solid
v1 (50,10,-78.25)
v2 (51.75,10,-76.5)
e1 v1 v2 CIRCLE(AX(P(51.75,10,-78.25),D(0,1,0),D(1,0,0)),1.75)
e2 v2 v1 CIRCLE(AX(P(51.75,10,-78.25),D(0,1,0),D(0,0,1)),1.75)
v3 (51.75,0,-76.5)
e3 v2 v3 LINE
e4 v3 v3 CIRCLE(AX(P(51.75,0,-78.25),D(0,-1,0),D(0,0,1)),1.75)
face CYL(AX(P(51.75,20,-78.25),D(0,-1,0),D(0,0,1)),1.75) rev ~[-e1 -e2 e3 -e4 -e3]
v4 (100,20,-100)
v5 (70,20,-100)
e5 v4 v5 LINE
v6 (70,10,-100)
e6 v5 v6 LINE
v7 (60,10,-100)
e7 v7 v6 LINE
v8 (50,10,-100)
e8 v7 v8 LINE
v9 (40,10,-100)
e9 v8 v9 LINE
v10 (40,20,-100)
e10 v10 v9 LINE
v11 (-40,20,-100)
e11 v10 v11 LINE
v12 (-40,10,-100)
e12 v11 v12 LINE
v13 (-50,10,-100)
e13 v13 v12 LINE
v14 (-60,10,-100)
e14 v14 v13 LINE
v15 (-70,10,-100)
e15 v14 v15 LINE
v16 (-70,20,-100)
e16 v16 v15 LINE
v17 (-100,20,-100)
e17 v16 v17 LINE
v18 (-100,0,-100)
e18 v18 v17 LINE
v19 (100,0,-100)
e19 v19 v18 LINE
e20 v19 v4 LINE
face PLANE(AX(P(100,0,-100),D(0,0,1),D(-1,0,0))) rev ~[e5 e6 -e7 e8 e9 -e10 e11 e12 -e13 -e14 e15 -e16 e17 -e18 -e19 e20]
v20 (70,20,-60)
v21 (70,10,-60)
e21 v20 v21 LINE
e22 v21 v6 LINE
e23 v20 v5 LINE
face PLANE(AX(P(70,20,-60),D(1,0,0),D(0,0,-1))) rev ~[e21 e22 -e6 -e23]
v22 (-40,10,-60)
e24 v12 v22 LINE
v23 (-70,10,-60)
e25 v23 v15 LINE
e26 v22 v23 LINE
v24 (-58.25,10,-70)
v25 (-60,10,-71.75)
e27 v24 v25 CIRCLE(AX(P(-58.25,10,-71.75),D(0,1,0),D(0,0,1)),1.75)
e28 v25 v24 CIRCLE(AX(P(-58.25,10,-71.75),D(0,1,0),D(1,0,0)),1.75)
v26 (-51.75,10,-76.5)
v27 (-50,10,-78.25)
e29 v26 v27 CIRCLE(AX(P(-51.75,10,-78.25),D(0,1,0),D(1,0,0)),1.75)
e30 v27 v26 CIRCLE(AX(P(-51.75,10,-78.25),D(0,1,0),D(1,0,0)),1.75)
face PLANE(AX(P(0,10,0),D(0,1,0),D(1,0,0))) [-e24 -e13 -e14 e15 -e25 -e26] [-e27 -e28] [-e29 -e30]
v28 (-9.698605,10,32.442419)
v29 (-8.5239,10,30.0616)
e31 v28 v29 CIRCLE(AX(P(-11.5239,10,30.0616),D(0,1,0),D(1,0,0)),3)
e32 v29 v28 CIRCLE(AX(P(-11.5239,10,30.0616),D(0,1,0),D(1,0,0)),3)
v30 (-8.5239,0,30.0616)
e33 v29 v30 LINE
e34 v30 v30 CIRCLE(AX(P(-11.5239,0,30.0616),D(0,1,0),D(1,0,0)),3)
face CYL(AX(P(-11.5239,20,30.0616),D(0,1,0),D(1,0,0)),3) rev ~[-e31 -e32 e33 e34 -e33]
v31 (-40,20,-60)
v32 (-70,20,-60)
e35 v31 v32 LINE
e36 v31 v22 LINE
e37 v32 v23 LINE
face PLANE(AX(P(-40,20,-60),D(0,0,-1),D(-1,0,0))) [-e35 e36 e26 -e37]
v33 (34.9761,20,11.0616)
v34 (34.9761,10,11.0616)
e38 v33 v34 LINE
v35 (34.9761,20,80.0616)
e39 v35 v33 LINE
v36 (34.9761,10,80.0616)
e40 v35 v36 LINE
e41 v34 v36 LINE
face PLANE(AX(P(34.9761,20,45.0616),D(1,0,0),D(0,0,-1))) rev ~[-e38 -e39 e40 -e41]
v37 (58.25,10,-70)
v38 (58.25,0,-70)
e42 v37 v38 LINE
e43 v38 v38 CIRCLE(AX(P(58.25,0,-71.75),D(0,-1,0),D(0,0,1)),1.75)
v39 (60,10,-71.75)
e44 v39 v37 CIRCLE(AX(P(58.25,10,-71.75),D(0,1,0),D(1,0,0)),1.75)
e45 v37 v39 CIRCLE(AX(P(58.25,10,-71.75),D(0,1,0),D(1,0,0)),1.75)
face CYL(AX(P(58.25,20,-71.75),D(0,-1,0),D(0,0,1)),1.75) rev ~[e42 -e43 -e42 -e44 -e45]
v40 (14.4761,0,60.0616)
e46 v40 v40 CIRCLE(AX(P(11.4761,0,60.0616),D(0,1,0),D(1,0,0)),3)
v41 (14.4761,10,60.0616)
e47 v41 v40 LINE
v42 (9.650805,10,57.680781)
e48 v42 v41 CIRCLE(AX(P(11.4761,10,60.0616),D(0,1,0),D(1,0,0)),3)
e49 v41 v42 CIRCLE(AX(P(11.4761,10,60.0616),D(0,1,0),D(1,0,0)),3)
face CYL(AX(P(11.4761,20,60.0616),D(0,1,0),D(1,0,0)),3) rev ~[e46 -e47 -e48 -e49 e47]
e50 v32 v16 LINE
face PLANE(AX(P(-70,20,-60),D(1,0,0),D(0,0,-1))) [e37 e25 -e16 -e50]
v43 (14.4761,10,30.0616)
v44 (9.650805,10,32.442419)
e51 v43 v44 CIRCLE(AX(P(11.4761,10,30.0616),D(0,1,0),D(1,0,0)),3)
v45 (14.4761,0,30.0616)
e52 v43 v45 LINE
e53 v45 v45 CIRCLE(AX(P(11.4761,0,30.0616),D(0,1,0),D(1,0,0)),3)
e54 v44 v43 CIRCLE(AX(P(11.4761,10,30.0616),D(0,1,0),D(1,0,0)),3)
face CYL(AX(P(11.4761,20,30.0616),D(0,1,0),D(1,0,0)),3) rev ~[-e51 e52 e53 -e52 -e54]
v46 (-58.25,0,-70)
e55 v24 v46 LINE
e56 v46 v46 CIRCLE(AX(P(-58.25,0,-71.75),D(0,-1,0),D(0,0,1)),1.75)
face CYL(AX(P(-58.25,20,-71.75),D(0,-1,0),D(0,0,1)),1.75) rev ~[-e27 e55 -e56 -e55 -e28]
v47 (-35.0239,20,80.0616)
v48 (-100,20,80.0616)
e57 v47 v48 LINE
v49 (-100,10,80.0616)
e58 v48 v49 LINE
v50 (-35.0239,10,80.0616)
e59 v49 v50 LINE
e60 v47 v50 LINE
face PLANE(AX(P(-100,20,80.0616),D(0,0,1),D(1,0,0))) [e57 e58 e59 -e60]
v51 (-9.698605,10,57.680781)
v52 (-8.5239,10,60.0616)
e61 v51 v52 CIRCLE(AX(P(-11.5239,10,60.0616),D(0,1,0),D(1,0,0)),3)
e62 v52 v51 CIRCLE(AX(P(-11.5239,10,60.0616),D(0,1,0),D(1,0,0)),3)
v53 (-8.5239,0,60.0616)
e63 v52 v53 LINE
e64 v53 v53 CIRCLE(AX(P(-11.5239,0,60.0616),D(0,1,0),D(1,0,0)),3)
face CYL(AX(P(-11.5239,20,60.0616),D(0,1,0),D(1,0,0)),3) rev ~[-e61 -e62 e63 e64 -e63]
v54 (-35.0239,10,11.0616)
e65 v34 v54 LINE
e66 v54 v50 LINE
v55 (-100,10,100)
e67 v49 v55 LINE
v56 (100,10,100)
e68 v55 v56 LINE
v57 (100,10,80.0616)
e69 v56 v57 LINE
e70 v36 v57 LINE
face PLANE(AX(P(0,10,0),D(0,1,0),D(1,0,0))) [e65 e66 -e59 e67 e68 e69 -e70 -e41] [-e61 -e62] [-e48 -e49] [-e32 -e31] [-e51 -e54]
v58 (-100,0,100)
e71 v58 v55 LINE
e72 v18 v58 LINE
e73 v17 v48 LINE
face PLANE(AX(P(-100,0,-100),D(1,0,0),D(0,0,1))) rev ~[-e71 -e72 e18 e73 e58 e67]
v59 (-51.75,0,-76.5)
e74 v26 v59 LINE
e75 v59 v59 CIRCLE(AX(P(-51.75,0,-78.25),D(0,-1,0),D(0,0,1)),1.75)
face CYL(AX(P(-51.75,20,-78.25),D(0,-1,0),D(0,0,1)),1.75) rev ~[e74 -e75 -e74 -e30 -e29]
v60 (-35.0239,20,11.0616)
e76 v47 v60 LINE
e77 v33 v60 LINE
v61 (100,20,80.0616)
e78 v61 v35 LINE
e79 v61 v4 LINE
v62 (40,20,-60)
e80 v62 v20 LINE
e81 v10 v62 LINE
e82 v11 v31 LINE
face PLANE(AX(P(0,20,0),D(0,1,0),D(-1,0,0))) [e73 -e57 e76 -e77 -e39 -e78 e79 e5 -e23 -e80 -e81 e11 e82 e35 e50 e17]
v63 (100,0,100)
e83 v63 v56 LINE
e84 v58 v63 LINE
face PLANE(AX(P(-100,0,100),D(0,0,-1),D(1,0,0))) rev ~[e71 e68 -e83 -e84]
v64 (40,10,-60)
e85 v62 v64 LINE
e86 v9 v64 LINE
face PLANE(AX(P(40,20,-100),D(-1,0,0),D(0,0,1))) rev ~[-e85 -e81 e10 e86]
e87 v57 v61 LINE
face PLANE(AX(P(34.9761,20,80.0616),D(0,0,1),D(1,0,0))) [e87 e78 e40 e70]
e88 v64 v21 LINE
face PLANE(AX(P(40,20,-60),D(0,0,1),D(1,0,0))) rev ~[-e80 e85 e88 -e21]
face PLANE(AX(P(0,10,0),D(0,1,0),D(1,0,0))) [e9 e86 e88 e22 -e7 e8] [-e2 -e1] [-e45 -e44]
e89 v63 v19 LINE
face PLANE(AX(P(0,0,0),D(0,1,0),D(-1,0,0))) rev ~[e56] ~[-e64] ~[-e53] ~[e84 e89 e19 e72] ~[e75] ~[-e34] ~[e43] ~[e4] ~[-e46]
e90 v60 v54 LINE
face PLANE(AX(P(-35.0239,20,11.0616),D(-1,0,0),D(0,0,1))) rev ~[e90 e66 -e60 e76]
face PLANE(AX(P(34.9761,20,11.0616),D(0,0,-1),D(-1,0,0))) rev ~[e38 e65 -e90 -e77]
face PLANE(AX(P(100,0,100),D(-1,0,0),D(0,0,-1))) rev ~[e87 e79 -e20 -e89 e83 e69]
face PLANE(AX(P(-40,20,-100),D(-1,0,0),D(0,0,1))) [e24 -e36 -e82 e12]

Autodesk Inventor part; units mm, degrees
ref_plane "YZ Plane" through (0, 0, 0) normal (1, 0, 0) x (0, 1, 0)
ref_plane "XZ Plane" through (0, 0, 0) normal (0, 1, 0) x (-1, 0, 0)
ref_plane "XY Plane" through (0, 0, 0) normal (0, 0, 1) x (1, 0, 0)
sketch "Boceto1" plane through (0, 0, 0) normal (0, 1, 0) x (-1, 0, 0)
  line L0 (100, 100) -> (-100, 100)
  line L1 (-100, 100) -> (-100, -100)
  line L2 (-100, -100) -> (100, -100)
  line L3 (100, -100) -> (100, 100)
  line L4 (100, 100) -> (-100, -100) construction
  line L5 (-100, 100) -> (100, -100) construction
  point P0 (0, 0)
  dimension "d0" = 200
  dimension "d1" = 200
extrude "Extrusión1" add sketch "Boceto1" along normal blind 20
sketch "Boceto2" plane through (0, 20, 0) normal (0, 1, 0) x (1, 0, 0)
  circle A0 centre (-11.5239, -30.0616) radius 3
  circle A1 centre (11.4761, -30.0616) radius 3
  circle A2 centre (-11.5239, -60.0616) radius 3
  circle A3 centre (11.4761, -60.0616) radius 3
  line L0 (-0.0239, -45.0616) -> (-35.0239, -45.0616)
  line L1 (-35.0239, -45.0616) -> (-35.0239, -80.0616)
  line L2 (-0.0239, -45.0616) -> (34.9761, -45.0616)
  line L3 (-11.5239, -30.0616) -> (11.4761, -60.0616)
  line L4 (-11.5239, -60.0616) -> (11.4761, -30.0616)
  line L5 (34.9761, -11.0616) -> (-35.0239, -11.0616)
  line L6 (-35.0239, -11.0616) -> (-35.0239, -80.0616)
  line L7 (34.9761, -80.0616) -> (34.9761, -11.0616)
  line L8 (-105, -100.0616) -> (105, -100.0616)
  line L9 (-105.0239, -80.0616) -> (104.9761, -80.0616)
  line L10 (-35.0239, -80.0616) -> (34.9761, -80.0616)
  line L11 (105, -100.0616) -> (95.8154, -100.0616)
  line L12 (-105.0239, -80.0616) -> (104.9761, -80.0616)
  line L13 (105, -80.0616) -> (-105, -80.0616)
  line L14 (-105, -100.0616) -> (105, -100.0616)
  line L15 (105, -90.0616) -> (94.0798, -90.0616)
  line L16 (-105, -100.0616) -> (105, -100.0616)
  line L17 (-105, -80.0616) -> (105, -80.0616)
  line L18 (105, -80.0616) -> (105, -100.0616)
  line L19 (105, -100.0616) -> (-105, -100.0616)
  line L20 (-105, -100.0616) -> (-105, -80.0616)
  line L21 (-100, 100) -> (-100, -100) projected
  line L22 (-100, -100) -> (100.4077, -100)
  point P0 (0, 0)
  point P1 (0, -10.0616)
  point P2 (0, -90.0616)
  point P3 (-0.0478, -80.0616)
  dimension "d4" = 20
  dimension "d5" = 20
  dimension "d6" = 30
  dimension "d7" = 30
  dimension "d8" = 20
  dimension "d9" = 35
  dimension "d10" = 35
  dimension "d11" = 69
extrude "Extrusión2" cut sketch "Boceto2" against normal blind 10
sketch "Boceto3" plane through (0, 20, 0) normal (0, 1, 0) x (1, 0, 0)
  circle A0 centre (-11.5239, -30.0616) radius 3 projected
  circle A1 centre (-11.5239, -30.0616) radius 3
  circle A2 centre (11.4761, -30.0616) radius 3 projected
  circle A3 centre (11.4761, -30.0616) radius 3
  circle A4 centre (11.4761, -60.0616) radius 3 projected
  circle A5 centre (11.4761, -60.0616) radius 3
  circle A6 centre (-11.5239, -60.0616) radius 3
  point P0 (0, 0)
extrude "Extrusión3" cut sketch "Boceto3" against normal blind 20
sketch "Boceto4" plane through (0, 20, 0) normal (0, 1, 0) x (1, 0, 0)
  circle A0 centre (-51.75, 78.25) radius 1.75
  line L0 (-50, 70) -> (-60, 70)
  line L1 (-60, 70) -> (-60, 80)
  line L2 (-60, 80) -> (-50, 80)
  line L3 (-50, 80) -> (-50, 70)
  line L4 (-50, 70) -> (-60, 80) construction
  line L5 (-60, 70) -> (-50, 80) construction
  line L6 (-105, 90) -> (-105, -90)
  circle A1 centre (-58.25, 71.75) radius 1.75
  line L7 (0, 90) -> (0, 77.3124)
  circle A2 centre (51.75, 78.25) radius 1.75
  line L8 (50, 70) -> (60, 70)
  line L9 (60, 70) -> (60, 80)
  line L10 (60, 80) -> (50, 80)
  line L11 (50, 80) -> (50, 70)
  line L12 (50, 70) -> (60, 80) construction
  line L13 (60, 70) -> (50, 80) construction
  circle A3 centre (58.25, 71.75) radius 1.75
  line L14 (100, 100) -> (-100, 100) projected
  line L15 (-100, 100) -> (-100, -80.0616) projected
  line L16 (100, -80.0616) -> (100, 100) projected
  point P0 (0, 0)
  point P1 (0, 0)
  point P2 (-60, 75)
  point P3 (60, 75)
  dimension "d16" = 3.5
  dimension "d18" = 1.75
  dimension "d19" = 1.75
  dimension "d20" = 1.75
  dimension "d21" = 1.75
  dimension "d22" = 10
  dimension "d23" = 10
  dimension "d25" = 20
  dimension "d26" = 40
  dimension "d27" = 40
hole "Agujero1" at (-58.25, 20, -71.75) at (-51.75, 20, -78.25) at (58.25, 20, -71.75) at (51.75, 20, -78.25) direction (0, -1, 0) diameter 3.5 end through all
sketch "Boceto5" plane through (0, 20, 0) normal (0, 1, 0) x (1, 0, 0)
  line L0 (0, 90) -> (0, 68.25)
  circle A0 centre (-51.75, 78.25) radius 1.75 projected
  line L1 (-50, 78.25) -> (-50, 100)
  circle A1 centre (-58.25, 71.75) radius 1.75 projected
  line L2 (-60, 71.75) -> (-60, 100)
  line L3 (-60, 100) -> (-70, 100)
  line L4 (-50, 100) -> (-40, 100)
  line L5 (-40, 100) -> (-40, 60)
  line L6 (-40, 60) -> (-70, 60)
  line L7 (-70, 60) -> (-70, 100)
  line L8 (-70, 100) -> (-40, 100)
  circle A2 centre (51.75, 78.25) radius 1.75
  line L9 (50, 78.25) -> (50, 100)
  circle A3 centre (58.25, 71.75) radius 1.75
  line L10 (60, 71.75) -> (60, 100)
  line L11 (60, 100) -> (70, 100)
  line L12 (50, 100) -> (40, 100)
  line L13 (40, 100) -> (40, 60)
  line L14 (40, 60) -> (70, 60)
  line L15 (70, 60) -> (70, 100)
  line L16 (70, 100) -> (40, 100)
  point P0 (0, 0)
  dimension "d38" = 10
  dimension "d39" = 10
  dimension "d40" = 40
extrude "Extrusión4" cut sketch "Boceto5" against normal blind 10
properties part number "base_front_red"
